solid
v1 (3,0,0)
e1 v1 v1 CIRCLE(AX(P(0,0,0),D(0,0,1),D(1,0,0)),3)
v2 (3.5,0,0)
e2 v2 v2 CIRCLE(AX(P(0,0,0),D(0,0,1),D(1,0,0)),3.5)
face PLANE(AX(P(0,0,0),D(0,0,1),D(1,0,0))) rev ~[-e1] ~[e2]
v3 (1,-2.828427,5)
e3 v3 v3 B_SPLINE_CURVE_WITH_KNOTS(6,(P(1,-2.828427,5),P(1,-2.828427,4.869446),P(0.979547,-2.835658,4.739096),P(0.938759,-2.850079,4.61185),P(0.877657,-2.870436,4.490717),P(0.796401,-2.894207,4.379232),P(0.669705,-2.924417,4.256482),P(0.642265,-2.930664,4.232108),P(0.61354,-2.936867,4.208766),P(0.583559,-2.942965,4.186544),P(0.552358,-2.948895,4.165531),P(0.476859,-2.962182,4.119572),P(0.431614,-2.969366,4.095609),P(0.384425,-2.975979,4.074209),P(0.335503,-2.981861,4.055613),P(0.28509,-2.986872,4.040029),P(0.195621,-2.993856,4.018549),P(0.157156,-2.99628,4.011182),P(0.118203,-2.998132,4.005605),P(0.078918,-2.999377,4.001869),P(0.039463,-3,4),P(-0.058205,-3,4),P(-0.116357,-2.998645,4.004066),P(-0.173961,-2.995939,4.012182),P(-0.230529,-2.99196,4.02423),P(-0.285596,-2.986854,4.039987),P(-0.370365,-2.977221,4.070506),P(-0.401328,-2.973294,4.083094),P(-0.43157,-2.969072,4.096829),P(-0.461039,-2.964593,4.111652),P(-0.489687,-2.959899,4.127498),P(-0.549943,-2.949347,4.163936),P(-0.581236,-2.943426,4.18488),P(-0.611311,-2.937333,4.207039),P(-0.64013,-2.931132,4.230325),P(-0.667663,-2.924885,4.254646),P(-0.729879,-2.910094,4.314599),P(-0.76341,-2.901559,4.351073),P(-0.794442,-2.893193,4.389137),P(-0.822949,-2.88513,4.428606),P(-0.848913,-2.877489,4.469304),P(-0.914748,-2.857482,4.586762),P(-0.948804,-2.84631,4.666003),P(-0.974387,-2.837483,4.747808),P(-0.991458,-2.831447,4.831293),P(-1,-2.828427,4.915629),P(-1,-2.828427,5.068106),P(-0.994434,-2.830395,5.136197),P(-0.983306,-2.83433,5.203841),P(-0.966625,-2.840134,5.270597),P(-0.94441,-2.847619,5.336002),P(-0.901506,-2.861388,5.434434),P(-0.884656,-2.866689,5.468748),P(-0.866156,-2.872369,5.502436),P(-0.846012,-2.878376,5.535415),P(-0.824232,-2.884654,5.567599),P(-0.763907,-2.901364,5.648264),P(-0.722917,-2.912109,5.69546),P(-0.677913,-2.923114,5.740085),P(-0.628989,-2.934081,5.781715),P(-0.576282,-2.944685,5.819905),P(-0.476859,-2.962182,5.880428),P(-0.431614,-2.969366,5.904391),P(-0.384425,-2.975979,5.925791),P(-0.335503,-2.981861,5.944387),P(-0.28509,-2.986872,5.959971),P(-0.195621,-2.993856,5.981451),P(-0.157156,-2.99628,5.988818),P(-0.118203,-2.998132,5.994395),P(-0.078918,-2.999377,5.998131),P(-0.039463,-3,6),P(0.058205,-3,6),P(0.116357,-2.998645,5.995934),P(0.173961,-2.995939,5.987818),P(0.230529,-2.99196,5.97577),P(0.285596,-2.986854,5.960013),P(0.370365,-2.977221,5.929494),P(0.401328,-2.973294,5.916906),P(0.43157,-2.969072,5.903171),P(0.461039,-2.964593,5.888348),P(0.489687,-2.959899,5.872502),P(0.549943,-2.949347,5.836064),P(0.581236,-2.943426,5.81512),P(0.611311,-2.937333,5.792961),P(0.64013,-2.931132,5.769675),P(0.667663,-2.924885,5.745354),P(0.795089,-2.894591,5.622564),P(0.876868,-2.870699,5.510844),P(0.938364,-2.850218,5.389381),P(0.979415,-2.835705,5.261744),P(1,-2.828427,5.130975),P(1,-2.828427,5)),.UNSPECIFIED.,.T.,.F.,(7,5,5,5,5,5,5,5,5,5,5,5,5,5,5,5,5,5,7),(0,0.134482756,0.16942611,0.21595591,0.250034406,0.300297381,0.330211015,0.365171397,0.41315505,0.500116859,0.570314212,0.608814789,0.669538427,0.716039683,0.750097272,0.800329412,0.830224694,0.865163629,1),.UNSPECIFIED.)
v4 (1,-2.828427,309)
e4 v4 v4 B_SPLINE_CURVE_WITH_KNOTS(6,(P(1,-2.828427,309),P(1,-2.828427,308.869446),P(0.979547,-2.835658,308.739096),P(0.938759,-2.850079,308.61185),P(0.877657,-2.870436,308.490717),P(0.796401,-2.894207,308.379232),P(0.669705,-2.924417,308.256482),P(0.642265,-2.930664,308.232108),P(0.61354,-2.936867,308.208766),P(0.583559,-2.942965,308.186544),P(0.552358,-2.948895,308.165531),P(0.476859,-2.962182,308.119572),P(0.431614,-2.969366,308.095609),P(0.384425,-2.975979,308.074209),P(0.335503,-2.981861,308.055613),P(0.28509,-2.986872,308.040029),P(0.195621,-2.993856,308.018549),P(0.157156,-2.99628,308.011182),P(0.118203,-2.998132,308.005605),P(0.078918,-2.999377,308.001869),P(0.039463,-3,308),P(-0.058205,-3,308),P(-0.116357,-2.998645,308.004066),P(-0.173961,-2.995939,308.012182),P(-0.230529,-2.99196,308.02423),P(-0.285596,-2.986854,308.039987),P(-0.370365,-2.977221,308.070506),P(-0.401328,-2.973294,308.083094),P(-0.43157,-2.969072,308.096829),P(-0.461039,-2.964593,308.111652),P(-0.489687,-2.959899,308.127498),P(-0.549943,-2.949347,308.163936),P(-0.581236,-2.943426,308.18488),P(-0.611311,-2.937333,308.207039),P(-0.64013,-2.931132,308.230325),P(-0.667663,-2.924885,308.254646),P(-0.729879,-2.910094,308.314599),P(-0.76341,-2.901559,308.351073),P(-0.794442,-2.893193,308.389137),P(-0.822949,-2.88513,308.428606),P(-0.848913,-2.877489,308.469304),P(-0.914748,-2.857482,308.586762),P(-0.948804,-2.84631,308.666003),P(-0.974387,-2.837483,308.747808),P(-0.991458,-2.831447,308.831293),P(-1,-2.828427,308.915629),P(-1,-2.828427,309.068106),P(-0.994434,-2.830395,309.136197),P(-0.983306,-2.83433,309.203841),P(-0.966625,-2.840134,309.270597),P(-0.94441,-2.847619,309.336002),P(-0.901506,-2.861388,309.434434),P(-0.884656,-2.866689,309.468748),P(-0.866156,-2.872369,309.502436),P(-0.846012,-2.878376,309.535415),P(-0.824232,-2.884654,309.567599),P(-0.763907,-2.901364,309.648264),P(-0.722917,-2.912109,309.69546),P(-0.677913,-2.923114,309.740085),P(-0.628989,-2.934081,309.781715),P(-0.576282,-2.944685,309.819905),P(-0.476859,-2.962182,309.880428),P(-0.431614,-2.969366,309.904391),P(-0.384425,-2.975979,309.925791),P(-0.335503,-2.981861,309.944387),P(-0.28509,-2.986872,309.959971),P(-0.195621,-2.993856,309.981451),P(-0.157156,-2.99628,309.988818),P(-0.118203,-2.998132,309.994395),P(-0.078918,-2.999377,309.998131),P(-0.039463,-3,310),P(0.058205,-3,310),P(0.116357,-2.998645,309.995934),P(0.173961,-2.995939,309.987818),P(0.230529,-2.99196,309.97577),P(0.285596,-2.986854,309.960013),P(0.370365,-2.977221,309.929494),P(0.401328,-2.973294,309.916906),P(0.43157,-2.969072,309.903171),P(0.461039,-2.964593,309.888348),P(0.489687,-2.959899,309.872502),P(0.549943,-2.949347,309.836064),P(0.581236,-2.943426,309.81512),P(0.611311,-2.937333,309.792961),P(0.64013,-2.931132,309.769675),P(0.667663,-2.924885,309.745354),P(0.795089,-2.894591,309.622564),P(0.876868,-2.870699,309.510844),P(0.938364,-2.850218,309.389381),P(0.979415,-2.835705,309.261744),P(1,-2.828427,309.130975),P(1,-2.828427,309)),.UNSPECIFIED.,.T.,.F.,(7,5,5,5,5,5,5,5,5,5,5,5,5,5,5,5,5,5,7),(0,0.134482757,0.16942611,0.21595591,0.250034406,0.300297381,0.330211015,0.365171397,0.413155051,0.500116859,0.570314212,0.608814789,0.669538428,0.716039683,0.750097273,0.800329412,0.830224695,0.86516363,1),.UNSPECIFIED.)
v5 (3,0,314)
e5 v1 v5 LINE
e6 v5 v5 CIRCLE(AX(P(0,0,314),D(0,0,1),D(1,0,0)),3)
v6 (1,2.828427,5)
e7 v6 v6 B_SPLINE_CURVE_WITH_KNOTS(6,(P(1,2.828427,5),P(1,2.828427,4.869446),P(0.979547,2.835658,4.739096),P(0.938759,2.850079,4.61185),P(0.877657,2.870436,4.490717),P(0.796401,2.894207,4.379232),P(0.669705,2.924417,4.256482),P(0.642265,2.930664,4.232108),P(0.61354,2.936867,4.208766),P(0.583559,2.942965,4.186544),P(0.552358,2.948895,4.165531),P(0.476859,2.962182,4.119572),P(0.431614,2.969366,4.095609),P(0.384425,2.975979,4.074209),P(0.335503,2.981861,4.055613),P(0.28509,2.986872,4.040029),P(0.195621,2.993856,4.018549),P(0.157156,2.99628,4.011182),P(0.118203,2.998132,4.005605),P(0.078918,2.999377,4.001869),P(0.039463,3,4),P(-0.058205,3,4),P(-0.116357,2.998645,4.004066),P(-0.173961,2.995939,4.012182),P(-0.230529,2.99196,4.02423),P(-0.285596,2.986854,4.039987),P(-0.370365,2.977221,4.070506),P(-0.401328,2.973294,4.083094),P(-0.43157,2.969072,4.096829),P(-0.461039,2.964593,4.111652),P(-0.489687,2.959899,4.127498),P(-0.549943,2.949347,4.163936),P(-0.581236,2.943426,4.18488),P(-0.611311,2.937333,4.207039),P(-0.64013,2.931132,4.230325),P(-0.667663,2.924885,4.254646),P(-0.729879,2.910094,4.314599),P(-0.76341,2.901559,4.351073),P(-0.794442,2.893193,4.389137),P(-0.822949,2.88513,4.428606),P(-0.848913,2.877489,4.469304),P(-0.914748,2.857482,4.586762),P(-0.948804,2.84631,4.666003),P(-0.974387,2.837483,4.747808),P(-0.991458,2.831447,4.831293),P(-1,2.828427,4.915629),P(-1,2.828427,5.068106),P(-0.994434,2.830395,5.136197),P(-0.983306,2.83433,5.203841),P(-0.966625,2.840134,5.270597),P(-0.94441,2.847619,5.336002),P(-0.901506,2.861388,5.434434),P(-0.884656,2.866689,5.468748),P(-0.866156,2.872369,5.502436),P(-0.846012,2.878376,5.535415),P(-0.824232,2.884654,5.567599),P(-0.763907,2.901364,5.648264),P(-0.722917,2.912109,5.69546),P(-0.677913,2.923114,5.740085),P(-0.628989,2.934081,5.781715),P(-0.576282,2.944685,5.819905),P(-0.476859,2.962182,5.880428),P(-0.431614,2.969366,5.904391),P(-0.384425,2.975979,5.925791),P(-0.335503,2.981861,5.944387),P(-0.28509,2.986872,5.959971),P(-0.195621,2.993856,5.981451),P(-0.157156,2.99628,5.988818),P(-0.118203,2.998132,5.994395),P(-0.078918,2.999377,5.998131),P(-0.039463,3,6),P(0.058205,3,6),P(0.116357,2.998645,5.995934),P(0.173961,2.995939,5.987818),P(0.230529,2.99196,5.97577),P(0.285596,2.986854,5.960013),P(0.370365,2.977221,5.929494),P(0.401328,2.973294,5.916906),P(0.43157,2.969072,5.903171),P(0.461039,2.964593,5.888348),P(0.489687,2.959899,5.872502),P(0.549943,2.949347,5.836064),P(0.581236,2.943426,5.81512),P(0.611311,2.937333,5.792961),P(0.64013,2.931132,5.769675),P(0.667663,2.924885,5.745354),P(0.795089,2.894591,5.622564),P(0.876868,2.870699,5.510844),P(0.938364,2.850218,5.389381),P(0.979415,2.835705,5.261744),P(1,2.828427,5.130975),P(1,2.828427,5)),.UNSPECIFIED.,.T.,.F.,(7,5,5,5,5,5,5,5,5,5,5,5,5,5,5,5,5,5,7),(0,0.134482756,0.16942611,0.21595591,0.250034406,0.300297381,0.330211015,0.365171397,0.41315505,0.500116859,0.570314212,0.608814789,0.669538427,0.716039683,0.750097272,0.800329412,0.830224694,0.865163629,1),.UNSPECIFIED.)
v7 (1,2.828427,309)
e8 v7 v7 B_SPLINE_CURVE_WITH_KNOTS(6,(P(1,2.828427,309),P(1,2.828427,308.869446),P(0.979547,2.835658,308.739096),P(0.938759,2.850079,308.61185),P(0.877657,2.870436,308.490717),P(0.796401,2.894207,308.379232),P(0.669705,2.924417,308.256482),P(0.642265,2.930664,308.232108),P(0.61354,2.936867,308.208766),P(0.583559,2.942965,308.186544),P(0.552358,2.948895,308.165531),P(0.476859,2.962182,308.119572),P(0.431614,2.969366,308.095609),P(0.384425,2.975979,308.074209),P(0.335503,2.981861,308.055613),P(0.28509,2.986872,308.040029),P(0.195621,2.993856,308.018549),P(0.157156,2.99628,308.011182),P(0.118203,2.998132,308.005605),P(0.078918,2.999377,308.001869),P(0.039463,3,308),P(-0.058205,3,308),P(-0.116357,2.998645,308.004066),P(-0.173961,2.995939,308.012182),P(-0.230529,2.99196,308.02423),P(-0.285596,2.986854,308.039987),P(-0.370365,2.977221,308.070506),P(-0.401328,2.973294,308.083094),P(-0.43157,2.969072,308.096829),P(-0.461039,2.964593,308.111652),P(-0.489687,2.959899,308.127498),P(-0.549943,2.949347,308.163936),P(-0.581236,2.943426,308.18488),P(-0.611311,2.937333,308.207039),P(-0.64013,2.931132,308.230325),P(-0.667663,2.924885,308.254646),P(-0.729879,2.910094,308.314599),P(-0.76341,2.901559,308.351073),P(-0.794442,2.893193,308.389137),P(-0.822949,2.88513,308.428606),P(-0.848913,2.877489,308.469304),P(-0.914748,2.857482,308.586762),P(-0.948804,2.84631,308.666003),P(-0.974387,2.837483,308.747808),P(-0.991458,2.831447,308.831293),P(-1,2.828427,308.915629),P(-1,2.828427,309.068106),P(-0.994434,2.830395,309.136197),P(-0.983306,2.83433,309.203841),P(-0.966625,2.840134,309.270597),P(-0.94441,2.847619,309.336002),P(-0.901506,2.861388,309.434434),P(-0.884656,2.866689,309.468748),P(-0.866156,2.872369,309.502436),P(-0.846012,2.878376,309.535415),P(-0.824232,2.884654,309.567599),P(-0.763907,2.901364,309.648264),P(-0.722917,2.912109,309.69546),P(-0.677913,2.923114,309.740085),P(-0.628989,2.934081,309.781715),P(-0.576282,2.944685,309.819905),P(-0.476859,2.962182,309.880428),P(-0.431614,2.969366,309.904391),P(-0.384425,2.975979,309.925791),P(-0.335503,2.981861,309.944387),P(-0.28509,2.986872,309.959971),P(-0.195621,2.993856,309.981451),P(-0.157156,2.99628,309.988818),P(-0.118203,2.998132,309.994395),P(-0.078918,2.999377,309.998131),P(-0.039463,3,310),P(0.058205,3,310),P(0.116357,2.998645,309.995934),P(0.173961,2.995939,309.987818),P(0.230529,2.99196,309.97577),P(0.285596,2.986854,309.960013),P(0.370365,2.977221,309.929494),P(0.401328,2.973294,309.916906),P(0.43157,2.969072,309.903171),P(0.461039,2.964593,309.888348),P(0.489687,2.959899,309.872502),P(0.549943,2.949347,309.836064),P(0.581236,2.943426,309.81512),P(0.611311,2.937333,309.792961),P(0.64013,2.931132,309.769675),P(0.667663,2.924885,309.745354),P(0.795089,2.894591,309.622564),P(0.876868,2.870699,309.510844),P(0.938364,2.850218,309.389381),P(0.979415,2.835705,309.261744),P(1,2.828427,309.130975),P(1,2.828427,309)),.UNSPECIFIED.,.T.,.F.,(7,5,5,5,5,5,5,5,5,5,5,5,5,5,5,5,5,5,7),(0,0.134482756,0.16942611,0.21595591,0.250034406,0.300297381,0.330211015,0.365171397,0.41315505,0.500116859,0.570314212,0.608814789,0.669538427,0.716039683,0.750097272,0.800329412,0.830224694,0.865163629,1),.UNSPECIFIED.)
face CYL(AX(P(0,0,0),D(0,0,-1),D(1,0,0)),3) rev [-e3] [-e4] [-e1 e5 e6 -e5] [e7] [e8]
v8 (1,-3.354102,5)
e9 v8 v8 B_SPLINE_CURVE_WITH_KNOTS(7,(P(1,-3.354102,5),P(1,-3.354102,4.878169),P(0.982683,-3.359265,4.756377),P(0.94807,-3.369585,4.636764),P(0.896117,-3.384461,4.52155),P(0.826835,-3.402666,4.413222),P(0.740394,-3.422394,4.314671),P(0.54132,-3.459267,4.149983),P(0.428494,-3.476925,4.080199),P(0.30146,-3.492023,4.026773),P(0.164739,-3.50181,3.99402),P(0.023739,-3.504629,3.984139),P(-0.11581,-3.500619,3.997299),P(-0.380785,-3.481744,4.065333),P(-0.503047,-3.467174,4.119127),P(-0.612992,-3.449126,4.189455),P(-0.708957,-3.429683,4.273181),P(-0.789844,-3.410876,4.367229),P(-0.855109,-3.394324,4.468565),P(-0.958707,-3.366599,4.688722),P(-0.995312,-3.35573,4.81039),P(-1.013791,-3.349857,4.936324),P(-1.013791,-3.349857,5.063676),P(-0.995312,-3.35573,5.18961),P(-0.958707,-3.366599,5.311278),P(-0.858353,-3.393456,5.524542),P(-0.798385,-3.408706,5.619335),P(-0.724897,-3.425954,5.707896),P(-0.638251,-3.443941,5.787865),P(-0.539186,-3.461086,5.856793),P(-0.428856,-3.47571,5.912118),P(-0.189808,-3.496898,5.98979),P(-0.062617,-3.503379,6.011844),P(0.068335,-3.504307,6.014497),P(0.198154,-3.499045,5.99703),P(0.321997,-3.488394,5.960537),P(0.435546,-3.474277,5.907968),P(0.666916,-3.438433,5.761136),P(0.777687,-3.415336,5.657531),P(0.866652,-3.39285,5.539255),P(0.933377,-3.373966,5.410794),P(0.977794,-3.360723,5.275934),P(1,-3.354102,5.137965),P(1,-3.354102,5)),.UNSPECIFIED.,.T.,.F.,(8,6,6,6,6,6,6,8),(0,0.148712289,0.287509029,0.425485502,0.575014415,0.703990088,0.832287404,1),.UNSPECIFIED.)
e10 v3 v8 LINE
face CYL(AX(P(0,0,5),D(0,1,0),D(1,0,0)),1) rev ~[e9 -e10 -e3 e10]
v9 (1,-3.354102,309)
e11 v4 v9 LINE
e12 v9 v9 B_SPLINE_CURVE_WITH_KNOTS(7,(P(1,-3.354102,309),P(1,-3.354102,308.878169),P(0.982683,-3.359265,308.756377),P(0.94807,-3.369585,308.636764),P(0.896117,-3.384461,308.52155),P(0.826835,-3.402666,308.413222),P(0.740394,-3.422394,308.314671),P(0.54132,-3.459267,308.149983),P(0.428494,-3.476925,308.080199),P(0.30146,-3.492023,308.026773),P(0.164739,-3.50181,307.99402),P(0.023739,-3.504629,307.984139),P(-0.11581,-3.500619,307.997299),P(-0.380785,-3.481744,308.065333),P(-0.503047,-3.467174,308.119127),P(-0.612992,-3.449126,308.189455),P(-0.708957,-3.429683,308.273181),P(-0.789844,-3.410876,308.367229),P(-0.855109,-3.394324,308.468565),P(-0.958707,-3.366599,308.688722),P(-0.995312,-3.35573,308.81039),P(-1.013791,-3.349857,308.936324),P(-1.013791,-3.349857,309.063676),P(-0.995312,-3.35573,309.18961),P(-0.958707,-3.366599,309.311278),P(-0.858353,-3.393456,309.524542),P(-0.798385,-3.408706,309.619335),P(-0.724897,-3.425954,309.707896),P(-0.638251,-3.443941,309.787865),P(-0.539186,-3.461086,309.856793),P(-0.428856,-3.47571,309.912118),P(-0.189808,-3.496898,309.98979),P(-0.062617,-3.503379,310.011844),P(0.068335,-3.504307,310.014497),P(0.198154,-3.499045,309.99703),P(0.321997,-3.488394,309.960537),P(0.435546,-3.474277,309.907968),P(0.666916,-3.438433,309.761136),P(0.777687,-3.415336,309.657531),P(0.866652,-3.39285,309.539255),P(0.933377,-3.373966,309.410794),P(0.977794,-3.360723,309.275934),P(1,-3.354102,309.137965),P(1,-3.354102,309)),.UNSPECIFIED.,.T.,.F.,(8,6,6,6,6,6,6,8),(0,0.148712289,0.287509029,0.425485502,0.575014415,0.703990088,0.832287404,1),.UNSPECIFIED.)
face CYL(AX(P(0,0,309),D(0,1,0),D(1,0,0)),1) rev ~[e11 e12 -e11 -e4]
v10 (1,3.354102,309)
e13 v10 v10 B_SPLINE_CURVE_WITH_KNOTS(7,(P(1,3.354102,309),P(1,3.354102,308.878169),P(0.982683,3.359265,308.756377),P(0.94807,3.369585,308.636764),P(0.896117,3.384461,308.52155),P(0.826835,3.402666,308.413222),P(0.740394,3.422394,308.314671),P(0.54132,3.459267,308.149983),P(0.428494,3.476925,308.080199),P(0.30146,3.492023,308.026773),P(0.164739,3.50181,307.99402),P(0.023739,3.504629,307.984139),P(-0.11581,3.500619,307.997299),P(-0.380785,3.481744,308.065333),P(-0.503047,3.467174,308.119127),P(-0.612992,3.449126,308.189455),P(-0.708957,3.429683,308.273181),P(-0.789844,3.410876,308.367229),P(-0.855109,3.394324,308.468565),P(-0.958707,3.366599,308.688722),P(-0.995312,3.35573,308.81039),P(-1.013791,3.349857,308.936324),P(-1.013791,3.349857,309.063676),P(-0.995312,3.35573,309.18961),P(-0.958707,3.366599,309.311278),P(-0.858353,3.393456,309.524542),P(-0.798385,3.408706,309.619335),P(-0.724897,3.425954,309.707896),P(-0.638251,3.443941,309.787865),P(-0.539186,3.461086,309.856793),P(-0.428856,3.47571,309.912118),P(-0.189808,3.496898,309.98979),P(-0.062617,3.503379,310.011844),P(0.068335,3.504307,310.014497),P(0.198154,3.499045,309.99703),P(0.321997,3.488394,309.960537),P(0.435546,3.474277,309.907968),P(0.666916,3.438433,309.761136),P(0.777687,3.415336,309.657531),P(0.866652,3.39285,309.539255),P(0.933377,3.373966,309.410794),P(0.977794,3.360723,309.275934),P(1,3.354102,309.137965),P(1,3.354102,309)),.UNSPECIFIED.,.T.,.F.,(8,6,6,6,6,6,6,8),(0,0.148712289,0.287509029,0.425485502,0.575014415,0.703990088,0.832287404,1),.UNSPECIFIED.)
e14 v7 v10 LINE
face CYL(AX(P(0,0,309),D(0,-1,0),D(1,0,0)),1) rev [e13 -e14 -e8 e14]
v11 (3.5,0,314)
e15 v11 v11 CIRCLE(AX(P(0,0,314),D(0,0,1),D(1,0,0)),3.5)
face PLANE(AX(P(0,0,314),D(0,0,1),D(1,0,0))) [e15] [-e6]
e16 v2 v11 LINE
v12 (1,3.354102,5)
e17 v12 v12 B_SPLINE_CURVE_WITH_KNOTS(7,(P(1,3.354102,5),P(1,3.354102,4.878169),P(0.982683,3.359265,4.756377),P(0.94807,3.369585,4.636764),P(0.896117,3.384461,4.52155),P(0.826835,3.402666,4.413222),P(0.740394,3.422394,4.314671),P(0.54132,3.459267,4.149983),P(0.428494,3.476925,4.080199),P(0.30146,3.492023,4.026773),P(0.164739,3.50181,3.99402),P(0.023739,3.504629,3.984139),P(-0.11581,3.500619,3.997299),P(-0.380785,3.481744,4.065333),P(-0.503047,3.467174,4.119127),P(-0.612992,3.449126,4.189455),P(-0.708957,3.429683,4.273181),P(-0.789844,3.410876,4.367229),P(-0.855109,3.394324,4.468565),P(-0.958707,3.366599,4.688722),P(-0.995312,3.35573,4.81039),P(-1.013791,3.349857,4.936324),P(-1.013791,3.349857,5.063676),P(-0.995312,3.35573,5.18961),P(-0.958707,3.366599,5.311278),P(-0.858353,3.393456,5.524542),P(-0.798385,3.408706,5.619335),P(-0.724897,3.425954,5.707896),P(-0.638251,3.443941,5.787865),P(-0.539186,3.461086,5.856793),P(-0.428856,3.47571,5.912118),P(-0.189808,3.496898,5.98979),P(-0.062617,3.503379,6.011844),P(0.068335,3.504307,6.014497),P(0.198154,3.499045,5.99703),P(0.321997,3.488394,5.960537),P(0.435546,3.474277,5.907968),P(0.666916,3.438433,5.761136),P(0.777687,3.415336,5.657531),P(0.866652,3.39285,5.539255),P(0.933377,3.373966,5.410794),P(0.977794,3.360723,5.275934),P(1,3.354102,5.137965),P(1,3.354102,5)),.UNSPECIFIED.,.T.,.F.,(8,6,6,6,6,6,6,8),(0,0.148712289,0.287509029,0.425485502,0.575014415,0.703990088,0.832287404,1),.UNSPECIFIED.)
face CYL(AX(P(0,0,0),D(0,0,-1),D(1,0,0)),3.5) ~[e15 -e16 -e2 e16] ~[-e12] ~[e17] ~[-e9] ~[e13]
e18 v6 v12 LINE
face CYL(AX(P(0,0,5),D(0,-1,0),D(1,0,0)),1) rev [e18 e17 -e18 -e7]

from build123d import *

# Parameters (mm, degrees)
ESQUISSE1_R                  = 3.5
ESQUISSE1_R_2                = 3
BOSS_EXTRU_1_DEPTH           = 314
ENL_V_MAT_EXTRU_1_DEPTH      = 10
ENL_V_MAT_EXTRU_1_DEPTH_BACK = 10
ESQUISSE2_R                  = 1


with BuildPart() as part:
    # Esquisse1 → Boss.-Extru.1 (new body)
    with BuildSketch(Plane.XY):
        Circle(ESQUISSE1_R)
        Circle(ESQUISSE1_R_2, mode=Mode.SUBTRACT)
    extrude(amount=BOSS_EXTRU_1_DEPTH)

    # Esquisse2 → Enlèv. mat.-Extru.1 (cut, two sides: drawn at the far end of the back side and taken through both)
    with BuildSketch(Plane(origin=(0, 0, 0), x_dir=(1, 0, 0), z_dir=(0, 1, 0)).offset(-ENL_V_MAT_EXTRU_1_DEPTH_BACK)):
        with Locations((0, -309)):
            Circle(ESQUISSE2_R)
        with Locations((0, -5)):
            Circle(ESQUISSE2_R)
    extrude(amount=ENL_V_MAT_EXTRU_1_DEPTH + ENL_V_MAT_EXTRU_1_DEPTH_BACK, mode=Mode.SUBTRACT)


solid = part.part
